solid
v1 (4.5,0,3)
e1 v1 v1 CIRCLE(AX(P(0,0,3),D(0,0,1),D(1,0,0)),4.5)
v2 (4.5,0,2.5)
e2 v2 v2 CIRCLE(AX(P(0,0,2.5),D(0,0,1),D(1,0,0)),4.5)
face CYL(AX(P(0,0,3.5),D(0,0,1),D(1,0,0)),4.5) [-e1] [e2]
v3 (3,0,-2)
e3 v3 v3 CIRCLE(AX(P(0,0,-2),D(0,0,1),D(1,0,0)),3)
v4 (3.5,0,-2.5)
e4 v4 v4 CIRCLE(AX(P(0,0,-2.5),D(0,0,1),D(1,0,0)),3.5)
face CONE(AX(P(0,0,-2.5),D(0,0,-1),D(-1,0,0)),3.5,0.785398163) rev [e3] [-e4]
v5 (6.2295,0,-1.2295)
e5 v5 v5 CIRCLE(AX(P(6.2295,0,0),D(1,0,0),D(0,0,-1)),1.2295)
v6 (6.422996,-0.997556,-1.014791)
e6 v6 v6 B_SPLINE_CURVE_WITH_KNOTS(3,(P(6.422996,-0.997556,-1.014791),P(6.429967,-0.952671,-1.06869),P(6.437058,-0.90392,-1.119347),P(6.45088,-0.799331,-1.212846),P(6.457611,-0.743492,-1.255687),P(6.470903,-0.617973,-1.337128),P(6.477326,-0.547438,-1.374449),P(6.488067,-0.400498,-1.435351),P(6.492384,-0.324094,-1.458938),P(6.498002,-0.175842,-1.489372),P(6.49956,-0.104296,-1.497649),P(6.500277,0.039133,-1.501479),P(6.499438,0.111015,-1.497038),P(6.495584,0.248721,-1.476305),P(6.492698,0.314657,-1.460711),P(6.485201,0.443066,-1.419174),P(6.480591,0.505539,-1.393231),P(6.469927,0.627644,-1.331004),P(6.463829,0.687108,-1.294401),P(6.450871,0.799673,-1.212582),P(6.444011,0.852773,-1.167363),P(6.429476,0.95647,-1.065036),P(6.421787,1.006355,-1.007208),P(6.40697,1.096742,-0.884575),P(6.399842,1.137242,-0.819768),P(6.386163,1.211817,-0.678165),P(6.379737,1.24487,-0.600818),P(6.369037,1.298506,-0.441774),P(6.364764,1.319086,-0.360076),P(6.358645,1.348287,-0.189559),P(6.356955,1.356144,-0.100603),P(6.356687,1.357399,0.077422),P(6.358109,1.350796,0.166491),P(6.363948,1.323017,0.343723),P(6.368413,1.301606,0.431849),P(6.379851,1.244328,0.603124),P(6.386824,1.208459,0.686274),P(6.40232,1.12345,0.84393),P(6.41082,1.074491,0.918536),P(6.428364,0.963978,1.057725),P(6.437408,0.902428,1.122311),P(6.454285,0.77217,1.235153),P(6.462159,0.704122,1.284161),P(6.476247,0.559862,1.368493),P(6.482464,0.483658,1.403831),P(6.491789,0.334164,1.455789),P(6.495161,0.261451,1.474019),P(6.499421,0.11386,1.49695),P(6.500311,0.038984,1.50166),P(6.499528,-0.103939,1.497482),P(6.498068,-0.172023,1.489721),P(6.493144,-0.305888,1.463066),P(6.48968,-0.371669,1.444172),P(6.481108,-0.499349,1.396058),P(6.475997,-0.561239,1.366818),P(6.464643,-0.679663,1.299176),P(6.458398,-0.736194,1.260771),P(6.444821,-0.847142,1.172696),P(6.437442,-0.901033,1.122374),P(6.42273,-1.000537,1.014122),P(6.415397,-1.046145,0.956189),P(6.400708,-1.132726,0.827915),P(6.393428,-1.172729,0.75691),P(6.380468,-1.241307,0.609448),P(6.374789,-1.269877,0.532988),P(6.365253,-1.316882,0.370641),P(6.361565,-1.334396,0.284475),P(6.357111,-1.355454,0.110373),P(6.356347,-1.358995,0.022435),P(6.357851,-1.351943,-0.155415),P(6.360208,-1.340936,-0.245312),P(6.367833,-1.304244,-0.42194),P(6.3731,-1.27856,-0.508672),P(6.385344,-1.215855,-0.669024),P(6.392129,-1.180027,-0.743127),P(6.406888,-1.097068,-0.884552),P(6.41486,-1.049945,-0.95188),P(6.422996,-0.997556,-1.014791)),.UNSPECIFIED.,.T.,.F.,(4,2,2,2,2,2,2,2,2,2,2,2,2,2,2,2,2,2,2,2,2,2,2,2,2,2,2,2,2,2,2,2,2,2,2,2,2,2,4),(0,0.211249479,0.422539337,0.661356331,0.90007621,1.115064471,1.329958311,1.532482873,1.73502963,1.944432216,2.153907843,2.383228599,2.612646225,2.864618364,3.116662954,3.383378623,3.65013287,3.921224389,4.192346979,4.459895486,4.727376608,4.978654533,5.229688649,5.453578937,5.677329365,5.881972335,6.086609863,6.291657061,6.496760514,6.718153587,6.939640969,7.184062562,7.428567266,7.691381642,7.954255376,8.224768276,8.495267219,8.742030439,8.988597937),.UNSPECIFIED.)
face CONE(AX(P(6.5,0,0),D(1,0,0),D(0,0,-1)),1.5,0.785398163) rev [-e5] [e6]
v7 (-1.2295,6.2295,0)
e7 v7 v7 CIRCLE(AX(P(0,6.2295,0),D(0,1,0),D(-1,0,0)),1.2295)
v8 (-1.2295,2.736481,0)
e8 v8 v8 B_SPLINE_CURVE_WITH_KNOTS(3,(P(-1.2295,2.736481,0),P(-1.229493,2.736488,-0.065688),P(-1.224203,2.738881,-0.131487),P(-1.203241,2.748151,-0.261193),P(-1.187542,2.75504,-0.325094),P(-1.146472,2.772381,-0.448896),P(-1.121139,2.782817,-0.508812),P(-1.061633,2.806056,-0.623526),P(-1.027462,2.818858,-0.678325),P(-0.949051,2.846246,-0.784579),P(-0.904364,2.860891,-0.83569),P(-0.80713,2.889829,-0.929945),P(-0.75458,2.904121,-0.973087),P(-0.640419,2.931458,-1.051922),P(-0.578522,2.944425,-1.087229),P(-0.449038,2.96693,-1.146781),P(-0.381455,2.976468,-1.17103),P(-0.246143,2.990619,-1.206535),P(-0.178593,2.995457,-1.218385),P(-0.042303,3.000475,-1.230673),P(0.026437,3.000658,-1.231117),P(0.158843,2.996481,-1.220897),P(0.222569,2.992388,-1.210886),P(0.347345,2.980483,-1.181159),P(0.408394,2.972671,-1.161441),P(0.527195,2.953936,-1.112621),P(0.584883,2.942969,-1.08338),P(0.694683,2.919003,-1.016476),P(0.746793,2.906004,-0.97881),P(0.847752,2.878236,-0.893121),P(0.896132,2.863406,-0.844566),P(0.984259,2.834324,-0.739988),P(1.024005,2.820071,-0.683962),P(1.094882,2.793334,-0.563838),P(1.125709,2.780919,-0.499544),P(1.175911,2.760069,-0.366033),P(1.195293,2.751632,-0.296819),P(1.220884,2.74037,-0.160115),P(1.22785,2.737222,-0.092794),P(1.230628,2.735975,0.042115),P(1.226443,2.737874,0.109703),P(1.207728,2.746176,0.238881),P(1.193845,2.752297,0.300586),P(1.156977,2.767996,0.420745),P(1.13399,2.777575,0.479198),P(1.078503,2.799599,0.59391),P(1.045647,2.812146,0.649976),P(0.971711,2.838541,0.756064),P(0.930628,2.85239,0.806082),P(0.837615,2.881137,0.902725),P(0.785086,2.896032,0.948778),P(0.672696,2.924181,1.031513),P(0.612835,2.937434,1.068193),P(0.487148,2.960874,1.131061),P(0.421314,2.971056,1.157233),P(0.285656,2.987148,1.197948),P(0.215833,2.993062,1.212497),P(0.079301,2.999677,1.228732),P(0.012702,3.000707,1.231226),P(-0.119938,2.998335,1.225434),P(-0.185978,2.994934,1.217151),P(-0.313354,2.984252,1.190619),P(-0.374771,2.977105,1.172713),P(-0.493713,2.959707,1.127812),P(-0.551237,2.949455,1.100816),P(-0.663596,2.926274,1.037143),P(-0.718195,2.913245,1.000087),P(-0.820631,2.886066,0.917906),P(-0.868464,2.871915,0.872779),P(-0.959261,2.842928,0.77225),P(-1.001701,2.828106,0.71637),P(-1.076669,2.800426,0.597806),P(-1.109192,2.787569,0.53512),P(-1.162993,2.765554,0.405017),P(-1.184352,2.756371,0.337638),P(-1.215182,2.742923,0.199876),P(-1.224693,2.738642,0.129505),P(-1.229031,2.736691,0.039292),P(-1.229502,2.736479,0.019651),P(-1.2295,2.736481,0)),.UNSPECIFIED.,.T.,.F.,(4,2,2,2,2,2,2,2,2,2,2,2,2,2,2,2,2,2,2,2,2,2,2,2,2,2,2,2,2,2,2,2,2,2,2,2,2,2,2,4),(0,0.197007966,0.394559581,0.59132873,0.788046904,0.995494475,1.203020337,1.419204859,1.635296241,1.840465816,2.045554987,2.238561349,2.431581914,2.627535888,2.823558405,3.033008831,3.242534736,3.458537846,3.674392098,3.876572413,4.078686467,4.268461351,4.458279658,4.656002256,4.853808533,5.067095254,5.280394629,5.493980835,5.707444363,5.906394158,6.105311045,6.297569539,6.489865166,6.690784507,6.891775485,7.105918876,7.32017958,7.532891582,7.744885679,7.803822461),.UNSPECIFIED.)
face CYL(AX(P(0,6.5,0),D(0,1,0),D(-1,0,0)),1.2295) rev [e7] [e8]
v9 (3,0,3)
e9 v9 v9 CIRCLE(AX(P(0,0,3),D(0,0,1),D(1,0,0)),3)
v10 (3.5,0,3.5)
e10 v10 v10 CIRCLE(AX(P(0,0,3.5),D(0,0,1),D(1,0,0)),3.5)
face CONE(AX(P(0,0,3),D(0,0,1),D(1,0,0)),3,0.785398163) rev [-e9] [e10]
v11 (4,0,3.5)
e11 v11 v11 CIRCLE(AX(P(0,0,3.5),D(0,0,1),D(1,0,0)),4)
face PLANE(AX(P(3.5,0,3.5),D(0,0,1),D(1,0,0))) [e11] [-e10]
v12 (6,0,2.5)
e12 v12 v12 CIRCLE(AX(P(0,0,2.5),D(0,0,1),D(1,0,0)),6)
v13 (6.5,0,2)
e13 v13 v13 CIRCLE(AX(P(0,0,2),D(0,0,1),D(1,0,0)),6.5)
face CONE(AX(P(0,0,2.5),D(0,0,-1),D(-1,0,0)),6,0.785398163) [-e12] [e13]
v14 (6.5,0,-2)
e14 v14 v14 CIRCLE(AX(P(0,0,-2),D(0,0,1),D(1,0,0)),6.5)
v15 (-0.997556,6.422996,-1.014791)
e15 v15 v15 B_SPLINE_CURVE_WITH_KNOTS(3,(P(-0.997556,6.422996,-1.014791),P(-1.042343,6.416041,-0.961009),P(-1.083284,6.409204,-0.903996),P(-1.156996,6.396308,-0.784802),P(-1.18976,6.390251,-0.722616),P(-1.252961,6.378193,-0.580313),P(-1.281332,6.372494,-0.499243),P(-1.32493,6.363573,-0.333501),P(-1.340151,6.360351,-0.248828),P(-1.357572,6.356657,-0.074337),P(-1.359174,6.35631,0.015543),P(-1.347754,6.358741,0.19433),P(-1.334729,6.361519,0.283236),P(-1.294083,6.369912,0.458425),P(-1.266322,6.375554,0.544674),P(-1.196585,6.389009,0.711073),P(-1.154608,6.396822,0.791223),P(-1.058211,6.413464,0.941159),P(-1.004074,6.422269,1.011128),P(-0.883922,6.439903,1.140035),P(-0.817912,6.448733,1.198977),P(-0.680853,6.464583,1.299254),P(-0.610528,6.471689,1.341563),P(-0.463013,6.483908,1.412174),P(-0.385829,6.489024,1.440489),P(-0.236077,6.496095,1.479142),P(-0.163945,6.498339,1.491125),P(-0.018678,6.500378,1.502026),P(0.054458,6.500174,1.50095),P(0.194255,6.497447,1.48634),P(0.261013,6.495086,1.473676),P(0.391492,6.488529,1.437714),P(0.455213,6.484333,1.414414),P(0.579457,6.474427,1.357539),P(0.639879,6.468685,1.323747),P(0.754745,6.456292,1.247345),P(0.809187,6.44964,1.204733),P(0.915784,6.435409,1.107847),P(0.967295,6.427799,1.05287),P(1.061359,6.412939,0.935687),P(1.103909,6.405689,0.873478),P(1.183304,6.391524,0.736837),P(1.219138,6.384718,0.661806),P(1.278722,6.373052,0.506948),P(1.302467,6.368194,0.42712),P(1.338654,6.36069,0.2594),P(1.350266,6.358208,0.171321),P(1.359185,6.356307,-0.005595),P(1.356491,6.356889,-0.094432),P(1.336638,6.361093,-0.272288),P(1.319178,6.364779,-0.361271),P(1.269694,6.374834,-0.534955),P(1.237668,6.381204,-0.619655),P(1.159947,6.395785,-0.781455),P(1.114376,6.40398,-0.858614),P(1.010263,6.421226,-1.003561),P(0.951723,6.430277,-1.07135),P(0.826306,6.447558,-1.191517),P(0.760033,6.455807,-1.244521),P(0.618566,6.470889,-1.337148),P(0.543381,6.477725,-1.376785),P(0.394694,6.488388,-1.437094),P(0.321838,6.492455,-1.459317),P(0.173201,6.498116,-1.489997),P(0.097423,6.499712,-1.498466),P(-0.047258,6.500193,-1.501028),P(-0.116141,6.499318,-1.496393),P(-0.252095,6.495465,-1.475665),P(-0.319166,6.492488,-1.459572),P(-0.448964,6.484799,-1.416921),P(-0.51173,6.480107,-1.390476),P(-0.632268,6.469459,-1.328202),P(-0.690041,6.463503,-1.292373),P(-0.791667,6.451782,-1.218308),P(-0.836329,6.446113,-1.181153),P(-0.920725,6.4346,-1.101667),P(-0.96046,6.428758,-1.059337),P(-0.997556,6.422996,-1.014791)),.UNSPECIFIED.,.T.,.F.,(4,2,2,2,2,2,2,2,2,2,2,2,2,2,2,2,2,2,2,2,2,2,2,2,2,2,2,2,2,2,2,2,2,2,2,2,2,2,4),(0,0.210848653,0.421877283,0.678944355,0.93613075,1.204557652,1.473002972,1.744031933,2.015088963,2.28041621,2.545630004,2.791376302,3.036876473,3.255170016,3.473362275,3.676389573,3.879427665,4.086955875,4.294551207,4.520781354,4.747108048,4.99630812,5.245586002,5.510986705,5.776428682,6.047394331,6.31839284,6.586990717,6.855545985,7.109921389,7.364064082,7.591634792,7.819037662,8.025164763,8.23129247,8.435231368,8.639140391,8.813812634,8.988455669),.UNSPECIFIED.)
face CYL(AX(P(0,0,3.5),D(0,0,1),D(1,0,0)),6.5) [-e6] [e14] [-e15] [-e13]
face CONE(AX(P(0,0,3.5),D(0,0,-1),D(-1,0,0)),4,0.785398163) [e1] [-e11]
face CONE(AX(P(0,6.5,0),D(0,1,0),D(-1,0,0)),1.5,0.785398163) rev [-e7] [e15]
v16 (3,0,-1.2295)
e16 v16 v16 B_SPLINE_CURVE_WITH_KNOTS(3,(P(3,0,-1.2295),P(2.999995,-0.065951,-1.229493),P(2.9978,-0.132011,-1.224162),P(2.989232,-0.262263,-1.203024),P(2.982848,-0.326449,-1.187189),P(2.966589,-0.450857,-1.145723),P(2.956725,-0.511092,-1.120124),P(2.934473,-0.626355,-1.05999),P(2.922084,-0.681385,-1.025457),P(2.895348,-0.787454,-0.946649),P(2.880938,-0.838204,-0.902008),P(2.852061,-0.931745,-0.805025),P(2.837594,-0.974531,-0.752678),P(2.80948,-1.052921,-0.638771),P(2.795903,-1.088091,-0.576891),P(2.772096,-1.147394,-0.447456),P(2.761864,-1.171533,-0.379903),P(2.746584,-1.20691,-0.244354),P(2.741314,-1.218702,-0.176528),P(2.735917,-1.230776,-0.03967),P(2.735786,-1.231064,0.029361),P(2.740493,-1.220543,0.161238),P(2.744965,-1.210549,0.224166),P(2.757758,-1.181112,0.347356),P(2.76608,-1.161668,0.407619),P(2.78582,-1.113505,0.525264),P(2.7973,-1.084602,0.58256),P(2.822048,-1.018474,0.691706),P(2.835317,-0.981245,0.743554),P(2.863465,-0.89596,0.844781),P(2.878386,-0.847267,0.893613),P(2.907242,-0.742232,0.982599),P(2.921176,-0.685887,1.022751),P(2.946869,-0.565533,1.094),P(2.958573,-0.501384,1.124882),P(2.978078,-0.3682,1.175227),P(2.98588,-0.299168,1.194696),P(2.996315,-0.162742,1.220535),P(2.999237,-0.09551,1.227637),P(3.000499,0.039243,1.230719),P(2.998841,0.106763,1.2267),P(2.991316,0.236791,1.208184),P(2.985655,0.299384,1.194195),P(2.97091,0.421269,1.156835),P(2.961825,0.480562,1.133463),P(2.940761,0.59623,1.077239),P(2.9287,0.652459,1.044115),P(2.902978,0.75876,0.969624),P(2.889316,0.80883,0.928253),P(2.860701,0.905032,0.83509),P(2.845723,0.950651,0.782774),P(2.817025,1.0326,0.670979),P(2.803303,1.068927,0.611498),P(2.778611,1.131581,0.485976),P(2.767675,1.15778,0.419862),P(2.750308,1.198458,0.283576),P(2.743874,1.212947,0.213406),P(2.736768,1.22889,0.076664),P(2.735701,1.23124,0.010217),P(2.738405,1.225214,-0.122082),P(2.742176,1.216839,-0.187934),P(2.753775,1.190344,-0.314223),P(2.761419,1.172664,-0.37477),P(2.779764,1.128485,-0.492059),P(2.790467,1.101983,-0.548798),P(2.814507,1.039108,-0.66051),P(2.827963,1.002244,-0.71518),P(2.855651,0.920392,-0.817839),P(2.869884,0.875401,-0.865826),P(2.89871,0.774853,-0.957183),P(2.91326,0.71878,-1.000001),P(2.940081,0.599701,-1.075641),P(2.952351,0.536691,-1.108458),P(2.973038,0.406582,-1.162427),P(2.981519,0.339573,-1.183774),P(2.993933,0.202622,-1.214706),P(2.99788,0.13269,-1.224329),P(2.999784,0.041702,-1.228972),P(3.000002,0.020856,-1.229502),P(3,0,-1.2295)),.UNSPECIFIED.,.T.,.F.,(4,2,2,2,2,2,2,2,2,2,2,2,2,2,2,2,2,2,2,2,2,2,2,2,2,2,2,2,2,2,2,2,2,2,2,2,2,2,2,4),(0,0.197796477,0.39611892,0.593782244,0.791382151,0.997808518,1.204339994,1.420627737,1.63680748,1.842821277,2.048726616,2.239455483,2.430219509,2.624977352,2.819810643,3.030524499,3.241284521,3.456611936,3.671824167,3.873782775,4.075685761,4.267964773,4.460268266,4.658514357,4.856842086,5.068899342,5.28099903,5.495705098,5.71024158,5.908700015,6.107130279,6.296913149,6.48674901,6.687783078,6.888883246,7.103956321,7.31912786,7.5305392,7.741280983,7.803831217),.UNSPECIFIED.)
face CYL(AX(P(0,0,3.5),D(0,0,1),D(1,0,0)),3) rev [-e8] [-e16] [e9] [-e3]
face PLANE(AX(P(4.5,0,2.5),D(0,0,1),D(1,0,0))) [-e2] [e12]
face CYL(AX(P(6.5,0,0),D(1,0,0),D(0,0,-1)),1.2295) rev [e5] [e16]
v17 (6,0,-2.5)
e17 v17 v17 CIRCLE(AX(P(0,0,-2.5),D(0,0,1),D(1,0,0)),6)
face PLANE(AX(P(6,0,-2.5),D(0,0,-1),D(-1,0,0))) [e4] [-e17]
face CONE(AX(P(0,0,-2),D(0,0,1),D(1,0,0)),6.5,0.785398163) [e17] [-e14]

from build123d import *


with BuildPart() as part:
    # Esquisse1 → Révolution1 (revolve)
    with BuildSketch(Plane(origin=(0, 0, 0), x_dir=(1, 0, 0), z_dir=(0, 1, 0))):
        Polygon((3, 2), (3, -3), (3.5, -3.5), (4, -3.5), (4.5, -3), (4.5, -2.5), (6, -2.5), (6.5, -2), (6.5, 2), (6, 2.5), (3.5, 2.5), align=None)
    revolve(axis=Axis((0, 0, 3.5), (0, 0, -1)))

    # Esquisse2 → Enlèvement de matière-Révolution1 (revolve, cut)
    with BuildSketch(Plane.XY, mode=Mode.PRIVATE) as enl_vement_de_mati_re_r_volution1_sk:
        Polygon((2, 0), (2, 1.2295), (6.2295, 1.2295), (6.5, 1.5), (6.5, 0), align=None)
    revolve(enl_vement_de_mati_re_r_volution1_sk.sketch.rotate(Axis((6.5, 0, 0), (-1, 0, 0)), 90), axis=Axis((6.5, 0, 0), (-1, 0, 0)), mode=Mode.SUBTRACT)

    # Esquisse3 → Enlèvement de matière-Révolution2 (revolve, cut)
    with BuildSketch(Plane.XY):
        Polygon((0, 2), (-1.2295, 2), (-1.2295, 6.2295), (-1.5, 6.5), (0, 6.5), align=None)
    revolve(axis=Axis((0, 6.5, 0), (0, -1, 0)), mode=Mode.SUBTRACT)


solid = part.part
